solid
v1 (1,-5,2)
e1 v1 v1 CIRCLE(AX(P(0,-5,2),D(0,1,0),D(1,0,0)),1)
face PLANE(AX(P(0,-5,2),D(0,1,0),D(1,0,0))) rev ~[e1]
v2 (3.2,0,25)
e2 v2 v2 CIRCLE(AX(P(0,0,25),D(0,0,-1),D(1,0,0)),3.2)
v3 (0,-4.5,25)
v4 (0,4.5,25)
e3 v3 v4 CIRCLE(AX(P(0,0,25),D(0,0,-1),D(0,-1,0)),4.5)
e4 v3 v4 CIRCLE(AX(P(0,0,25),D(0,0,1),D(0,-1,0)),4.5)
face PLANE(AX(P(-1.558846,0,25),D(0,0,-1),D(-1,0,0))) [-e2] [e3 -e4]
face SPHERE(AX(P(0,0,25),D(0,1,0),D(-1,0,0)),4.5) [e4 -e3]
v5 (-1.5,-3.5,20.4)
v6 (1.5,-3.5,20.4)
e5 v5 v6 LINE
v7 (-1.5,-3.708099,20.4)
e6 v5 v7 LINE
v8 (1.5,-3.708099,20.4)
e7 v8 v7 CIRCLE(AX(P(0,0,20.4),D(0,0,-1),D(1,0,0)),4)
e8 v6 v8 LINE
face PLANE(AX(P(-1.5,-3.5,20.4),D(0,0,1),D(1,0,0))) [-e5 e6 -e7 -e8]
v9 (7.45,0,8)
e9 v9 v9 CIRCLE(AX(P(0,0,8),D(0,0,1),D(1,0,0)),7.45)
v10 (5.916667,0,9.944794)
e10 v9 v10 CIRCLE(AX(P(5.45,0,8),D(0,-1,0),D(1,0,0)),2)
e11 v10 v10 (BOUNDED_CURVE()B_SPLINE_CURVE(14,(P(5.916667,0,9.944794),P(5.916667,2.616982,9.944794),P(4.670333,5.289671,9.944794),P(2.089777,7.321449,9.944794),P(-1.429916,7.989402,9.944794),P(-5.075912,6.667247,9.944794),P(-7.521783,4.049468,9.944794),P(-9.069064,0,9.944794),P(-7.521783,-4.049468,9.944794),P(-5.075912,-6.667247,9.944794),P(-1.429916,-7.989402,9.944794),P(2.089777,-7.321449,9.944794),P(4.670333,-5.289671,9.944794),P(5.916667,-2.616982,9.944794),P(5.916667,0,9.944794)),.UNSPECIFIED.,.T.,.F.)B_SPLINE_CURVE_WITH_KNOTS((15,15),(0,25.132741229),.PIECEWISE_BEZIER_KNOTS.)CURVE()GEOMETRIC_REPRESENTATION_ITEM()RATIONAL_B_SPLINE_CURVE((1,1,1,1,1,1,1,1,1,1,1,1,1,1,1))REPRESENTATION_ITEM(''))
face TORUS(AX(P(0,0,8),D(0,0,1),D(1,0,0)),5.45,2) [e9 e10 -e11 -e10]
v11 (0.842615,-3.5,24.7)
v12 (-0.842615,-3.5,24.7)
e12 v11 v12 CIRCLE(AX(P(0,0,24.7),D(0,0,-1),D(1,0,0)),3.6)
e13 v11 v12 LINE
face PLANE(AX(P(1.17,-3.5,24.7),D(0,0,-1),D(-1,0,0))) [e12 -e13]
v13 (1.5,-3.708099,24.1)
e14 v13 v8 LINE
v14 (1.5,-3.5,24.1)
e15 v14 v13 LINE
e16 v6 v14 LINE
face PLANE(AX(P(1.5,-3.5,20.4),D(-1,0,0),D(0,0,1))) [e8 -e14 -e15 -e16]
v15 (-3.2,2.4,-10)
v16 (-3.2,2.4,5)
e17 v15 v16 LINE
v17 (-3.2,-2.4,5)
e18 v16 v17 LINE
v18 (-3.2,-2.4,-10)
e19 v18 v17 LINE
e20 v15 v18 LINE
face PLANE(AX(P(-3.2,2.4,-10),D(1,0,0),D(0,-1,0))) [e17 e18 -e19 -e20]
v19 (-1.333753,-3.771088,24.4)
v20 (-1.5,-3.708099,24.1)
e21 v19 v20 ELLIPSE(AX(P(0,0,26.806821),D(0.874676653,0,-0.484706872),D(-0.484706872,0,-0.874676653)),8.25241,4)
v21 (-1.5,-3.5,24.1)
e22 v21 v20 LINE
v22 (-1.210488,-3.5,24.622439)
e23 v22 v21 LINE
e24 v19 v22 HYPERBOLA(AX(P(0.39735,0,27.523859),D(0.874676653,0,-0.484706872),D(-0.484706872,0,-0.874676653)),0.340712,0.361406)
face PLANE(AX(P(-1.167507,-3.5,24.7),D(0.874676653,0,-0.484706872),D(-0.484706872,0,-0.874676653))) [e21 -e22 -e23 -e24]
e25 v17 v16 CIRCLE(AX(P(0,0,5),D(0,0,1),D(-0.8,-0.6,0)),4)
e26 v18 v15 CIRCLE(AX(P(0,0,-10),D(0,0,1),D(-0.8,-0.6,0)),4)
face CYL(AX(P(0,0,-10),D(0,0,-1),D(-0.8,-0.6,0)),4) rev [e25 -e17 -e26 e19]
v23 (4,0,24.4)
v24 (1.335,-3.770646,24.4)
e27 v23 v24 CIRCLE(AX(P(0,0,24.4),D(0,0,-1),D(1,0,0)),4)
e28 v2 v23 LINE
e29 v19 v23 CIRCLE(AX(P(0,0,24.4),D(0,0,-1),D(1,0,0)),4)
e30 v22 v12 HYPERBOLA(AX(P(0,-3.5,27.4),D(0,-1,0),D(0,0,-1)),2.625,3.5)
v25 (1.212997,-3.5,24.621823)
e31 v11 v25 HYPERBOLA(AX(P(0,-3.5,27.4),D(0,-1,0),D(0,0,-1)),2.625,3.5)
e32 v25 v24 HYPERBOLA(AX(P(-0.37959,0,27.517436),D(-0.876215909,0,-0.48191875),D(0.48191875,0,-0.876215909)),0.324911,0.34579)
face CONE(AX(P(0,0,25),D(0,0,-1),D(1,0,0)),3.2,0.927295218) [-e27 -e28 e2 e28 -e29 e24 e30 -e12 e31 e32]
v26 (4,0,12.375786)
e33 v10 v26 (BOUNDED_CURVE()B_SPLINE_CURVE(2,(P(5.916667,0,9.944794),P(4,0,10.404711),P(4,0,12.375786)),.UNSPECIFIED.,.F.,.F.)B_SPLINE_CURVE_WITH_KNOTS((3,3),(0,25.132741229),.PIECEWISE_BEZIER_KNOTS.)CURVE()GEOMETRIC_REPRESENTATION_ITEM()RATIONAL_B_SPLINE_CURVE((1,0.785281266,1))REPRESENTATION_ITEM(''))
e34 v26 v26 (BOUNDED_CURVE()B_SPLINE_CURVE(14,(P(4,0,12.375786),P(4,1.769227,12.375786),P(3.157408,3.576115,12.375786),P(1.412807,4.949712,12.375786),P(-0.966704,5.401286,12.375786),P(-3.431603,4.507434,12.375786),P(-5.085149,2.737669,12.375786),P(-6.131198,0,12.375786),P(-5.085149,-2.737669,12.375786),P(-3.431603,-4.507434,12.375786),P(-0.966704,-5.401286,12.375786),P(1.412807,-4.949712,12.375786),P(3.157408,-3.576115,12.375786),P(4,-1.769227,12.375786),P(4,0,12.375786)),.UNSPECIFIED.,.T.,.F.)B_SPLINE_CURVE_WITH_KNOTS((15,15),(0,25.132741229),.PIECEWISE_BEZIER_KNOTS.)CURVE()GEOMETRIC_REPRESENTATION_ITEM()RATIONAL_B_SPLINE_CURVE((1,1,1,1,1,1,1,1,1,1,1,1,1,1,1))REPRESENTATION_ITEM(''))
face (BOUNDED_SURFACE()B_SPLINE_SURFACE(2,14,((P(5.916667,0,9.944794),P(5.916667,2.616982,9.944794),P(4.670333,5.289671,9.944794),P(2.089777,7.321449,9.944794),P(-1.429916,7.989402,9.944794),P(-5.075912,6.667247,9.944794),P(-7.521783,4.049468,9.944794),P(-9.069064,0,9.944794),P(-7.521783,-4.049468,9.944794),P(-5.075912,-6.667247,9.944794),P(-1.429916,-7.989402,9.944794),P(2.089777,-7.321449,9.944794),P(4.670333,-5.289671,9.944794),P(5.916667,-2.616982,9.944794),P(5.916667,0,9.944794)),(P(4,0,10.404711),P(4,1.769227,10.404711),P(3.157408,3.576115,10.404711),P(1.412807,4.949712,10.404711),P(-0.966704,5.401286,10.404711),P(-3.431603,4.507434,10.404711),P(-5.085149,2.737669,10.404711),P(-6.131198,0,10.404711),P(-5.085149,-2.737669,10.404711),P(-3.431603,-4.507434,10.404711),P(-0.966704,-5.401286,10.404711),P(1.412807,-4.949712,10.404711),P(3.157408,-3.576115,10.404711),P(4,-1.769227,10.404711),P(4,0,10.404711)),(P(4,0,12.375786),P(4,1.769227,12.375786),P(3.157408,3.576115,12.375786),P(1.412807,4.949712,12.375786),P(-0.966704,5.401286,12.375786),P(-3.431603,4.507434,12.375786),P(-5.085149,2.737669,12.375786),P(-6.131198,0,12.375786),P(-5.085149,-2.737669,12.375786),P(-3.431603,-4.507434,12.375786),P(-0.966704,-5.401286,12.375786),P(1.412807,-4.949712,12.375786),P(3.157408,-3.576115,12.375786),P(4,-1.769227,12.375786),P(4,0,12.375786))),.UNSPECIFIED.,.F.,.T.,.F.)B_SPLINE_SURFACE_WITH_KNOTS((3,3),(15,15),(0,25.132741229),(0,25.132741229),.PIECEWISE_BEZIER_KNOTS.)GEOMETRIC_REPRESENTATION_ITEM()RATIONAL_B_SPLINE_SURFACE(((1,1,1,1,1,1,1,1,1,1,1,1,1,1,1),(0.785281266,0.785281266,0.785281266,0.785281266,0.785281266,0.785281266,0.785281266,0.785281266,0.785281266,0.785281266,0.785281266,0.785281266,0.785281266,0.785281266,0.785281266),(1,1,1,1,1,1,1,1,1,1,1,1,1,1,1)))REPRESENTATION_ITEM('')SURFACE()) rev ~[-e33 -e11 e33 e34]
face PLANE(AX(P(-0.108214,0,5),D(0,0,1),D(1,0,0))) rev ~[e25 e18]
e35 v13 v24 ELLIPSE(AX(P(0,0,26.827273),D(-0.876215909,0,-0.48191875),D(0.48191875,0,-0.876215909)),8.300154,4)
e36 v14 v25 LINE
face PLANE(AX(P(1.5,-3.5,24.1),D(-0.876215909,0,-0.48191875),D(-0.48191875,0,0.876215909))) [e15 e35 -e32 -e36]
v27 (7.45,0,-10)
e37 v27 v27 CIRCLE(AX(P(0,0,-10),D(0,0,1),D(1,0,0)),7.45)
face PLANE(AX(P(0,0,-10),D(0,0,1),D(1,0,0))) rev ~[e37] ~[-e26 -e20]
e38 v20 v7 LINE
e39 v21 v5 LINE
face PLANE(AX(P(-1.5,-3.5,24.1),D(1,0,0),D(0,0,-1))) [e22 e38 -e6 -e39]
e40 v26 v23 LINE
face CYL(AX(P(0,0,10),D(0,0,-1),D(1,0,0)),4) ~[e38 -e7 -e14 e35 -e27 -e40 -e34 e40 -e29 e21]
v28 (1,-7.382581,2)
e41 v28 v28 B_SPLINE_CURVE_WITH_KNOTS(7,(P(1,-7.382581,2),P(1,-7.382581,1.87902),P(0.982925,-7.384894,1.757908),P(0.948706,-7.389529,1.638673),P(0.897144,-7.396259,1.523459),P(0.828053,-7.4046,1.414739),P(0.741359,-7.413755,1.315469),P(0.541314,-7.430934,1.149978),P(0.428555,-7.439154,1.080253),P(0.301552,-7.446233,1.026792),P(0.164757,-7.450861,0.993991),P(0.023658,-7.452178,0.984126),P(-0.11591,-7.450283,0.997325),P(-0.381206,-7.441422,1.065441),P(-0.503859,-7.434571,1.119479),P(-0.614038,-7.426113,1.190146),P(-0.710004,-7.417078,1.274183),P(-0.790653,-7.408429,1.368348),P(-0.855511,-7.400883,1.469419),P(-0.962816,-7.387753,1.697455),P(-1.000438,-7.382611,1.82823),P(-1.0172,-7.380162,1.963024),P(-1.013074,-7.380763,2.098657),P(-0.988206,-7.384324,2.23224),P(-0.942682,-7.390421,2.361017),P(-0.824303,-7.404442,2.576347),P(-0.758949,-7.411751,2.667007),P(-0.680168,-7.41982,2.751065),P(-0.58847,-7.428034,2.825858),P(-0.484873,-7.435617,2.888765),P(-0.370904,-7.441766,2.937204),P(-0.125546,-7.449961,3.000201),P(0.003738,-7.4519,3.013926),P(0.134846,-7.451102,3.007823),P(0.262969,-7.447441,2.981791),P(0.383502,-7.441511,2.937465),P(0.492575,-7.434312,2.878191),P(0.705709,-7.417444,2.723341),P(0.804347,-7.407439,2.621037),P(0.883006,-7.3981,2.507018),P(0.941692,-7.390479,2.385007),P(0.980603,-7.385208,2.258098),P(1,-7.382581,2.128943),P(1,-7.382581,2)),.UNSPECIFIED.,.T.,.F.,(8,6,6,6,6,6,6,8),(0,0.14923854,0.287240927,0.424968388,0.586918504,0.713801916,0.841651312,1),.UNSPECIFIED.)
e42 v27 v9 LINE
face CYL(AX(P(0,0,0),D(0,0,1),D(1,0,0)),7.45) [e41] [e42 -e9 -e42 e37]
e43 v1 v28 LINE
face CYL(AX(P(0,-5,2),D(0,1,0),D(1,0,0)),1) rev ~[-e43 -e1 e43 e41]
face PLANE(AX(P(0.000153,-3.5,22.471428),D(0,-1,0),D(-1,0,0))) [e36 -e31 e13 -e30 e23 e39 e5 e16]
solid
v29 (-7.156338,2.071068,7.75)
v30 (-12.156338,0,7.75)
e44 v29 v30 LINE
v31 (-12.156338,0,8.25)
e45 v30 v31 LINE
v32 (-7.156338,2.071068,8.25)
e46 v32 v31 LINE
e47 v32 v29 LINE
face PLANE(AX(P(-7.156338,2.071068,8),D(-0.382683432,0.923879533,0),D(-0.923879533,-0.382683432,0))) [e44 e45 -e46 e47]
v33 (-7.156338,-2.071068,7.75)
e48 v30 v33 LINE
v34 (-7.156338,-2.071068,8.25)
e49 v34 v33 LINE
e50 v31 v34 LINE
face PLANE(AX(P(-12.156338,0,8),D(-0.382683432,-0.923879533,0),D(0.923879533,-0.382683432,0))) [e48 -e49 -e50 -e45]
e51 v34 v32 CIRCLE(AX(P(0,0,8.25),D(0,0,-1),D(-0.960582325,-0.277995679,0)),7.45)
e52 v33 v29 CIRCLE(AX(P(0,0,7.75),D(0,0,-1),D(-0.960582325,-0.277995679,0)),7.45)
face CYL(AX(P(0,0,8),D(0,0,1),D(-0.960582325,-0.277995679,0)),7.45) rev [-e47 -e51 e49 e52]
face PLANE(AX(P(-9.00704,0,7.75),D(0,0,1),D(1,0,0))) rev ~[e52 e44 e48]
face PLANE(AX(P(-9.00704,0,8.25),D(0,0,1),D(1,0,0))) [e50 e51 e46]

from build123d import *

# Parameters (mm, degrees)
SKETCH2_R           = 7.45
BOSS_EXTRUDE1_DEPTH = 10
SKETCH3_R           = 4
BOSS_EXTRUDE2_DEPTH = 15
FILLET7_R           = 2
FILLET12_R          = 2.5
REVOLVE1_ANGLE      = 180
CUT_EXTRUDE4_START  = -3.5
CUT_EXTRUDE4_DEPTH  = 1
CUT_EXTRUDE5_START  = -5
SKETCH20_R          = 1
CUT_EXTRUDE5_DEPTH  = 5
BOSS_EXTRUDE3_DEPTH = 0.25
CUT_EXTRUDE6_DEPTH  = 15


with BuildPart() as part:
    # Sketch2 → Boss-Extrude1 (new body, symmetric)
    with BuildSketch(Plane.XY):
        Circle(SKETCH2_R)
    extrude(amount=BOSS_EXTRUDE1_DEPTH, both=True)

    # Sketch3 → Boss-Extrude2 (add)
    with BuildSketch(Plane.XY.offset(10)):
        Circle(SKETCH3_R)
    extrude(amount=BOSS_EXTRUDE2_DEPTH)

    # Fillet7
    fillet7_edges = [part.edges().sort_by_distance(p)[0] for p in [
        (-7.45, 0, 10),
    ]]
    fillet(fillet7_edges, radius=FILLET7_R)

    # Fillet12
    fillet12_edges = [part.edges().sort_by_distance(p)[0] for p in [
        (-4, 0, 10),
    ]]
    fillet(fillet12_edges, radius=FILLET12_R)

    # Sketch4 → Revolve1 (revolve)
    with BuildSketch(Plane.XY.offset(25)):
        with BuildLine():
            Line((0, 4.5), (0, -4.5))
            ThreePointArc((0, -4.5), (-4.5, 0), (0, 4.5))
        make_face()
    revolve(axis=Axis((0, 4.5, 25), (0, 1, 0)), revolution_arc=REVOLVE1_ANGLE)

    # Sketch18 → Cut-Revolve18 (revolve, cut)
    with BuildSketch(Plane(origin=(0, 0, 0), x_dir=(1, 0, 0), z_dir=(0, 1, 0))):
        Polygon((4, -25), (3.2, -25), (4, -24.4), align=None)
    revolve(axis=Axis((0, 0, 22.4216759), (0, 0, -1)), mode=Mode.SUBTRACT)

    # Sketch19 → Cut-Extrude4 (cut)
    with BuildSketch(Plane(origin=(0, 0, 0), x_dir=(1, 0, 0), z_dir=(0, 1, 0)).offset(CUT_EXTRUDE4_START)):
        Polygon((-1.5, -24.1), (-1.5, -20.4), (1.5, -20.4), (1.5, -24.1), (1.17, -24.7), (-1.167506704, -24.7), align=None)
    extrude(amount=-CUT_EXTRUDE4_DEPTH, mode=Mode.SUBTRACT)

    # Sketch20 → Cut-Extrude5 (cut)
    with BuildSketch(Plane(origin=(0, 0, 0), x_dir=(1, 0, 0), z_dir=(0, 1, 0)).offset(CUT_EXTRUDE5_START)):
        with Locations((0, -2)):
            Circle(SKETCH20_R)
    extrude(amount=-CUT_EXTRUDE5_DEPTH, mode=Mode.SUBTRACT)

    # Sketch26 → Cut-Extrude6 (cut)
    with BuildSketch(Plane(origin=(0, 0, -10), x_dir=(-1, 0, 0), z_dir=(0, 0, -1))):
        with BuildLine():
            Line((3.2, 2.4), (3.2, -2.4))
            ThreePointArc((3.2, -2.4), (-4, 0), (3.2, 2.4))
        make_face()
    extrude(amount=-CUT_EXTRUDE6_DEPTH, mode=Mode.SUBTRACT)


with BuildPart() as body_2:
    # Sketch24 → Boss-Extrude3 (new body, symmetric)
    with BuildSketch(Plane.XY.offset(8)):
        with BuildLine():
            Line((-7.156338318, 2.071067812), (-12.156338318, 0))
            Line((-12.156338318, 0), (-7.156338318, -2.071067812))
            ThreePointArc((-7.156338318, -2.071067812), (-7.45, 0), (-7.156338318, 2.071067812))
        make_face()
    extrude(amount=BOSS_EXTRUDE3_DEPTH, both=True)


solid = Compound([part.part, body_2.part])
